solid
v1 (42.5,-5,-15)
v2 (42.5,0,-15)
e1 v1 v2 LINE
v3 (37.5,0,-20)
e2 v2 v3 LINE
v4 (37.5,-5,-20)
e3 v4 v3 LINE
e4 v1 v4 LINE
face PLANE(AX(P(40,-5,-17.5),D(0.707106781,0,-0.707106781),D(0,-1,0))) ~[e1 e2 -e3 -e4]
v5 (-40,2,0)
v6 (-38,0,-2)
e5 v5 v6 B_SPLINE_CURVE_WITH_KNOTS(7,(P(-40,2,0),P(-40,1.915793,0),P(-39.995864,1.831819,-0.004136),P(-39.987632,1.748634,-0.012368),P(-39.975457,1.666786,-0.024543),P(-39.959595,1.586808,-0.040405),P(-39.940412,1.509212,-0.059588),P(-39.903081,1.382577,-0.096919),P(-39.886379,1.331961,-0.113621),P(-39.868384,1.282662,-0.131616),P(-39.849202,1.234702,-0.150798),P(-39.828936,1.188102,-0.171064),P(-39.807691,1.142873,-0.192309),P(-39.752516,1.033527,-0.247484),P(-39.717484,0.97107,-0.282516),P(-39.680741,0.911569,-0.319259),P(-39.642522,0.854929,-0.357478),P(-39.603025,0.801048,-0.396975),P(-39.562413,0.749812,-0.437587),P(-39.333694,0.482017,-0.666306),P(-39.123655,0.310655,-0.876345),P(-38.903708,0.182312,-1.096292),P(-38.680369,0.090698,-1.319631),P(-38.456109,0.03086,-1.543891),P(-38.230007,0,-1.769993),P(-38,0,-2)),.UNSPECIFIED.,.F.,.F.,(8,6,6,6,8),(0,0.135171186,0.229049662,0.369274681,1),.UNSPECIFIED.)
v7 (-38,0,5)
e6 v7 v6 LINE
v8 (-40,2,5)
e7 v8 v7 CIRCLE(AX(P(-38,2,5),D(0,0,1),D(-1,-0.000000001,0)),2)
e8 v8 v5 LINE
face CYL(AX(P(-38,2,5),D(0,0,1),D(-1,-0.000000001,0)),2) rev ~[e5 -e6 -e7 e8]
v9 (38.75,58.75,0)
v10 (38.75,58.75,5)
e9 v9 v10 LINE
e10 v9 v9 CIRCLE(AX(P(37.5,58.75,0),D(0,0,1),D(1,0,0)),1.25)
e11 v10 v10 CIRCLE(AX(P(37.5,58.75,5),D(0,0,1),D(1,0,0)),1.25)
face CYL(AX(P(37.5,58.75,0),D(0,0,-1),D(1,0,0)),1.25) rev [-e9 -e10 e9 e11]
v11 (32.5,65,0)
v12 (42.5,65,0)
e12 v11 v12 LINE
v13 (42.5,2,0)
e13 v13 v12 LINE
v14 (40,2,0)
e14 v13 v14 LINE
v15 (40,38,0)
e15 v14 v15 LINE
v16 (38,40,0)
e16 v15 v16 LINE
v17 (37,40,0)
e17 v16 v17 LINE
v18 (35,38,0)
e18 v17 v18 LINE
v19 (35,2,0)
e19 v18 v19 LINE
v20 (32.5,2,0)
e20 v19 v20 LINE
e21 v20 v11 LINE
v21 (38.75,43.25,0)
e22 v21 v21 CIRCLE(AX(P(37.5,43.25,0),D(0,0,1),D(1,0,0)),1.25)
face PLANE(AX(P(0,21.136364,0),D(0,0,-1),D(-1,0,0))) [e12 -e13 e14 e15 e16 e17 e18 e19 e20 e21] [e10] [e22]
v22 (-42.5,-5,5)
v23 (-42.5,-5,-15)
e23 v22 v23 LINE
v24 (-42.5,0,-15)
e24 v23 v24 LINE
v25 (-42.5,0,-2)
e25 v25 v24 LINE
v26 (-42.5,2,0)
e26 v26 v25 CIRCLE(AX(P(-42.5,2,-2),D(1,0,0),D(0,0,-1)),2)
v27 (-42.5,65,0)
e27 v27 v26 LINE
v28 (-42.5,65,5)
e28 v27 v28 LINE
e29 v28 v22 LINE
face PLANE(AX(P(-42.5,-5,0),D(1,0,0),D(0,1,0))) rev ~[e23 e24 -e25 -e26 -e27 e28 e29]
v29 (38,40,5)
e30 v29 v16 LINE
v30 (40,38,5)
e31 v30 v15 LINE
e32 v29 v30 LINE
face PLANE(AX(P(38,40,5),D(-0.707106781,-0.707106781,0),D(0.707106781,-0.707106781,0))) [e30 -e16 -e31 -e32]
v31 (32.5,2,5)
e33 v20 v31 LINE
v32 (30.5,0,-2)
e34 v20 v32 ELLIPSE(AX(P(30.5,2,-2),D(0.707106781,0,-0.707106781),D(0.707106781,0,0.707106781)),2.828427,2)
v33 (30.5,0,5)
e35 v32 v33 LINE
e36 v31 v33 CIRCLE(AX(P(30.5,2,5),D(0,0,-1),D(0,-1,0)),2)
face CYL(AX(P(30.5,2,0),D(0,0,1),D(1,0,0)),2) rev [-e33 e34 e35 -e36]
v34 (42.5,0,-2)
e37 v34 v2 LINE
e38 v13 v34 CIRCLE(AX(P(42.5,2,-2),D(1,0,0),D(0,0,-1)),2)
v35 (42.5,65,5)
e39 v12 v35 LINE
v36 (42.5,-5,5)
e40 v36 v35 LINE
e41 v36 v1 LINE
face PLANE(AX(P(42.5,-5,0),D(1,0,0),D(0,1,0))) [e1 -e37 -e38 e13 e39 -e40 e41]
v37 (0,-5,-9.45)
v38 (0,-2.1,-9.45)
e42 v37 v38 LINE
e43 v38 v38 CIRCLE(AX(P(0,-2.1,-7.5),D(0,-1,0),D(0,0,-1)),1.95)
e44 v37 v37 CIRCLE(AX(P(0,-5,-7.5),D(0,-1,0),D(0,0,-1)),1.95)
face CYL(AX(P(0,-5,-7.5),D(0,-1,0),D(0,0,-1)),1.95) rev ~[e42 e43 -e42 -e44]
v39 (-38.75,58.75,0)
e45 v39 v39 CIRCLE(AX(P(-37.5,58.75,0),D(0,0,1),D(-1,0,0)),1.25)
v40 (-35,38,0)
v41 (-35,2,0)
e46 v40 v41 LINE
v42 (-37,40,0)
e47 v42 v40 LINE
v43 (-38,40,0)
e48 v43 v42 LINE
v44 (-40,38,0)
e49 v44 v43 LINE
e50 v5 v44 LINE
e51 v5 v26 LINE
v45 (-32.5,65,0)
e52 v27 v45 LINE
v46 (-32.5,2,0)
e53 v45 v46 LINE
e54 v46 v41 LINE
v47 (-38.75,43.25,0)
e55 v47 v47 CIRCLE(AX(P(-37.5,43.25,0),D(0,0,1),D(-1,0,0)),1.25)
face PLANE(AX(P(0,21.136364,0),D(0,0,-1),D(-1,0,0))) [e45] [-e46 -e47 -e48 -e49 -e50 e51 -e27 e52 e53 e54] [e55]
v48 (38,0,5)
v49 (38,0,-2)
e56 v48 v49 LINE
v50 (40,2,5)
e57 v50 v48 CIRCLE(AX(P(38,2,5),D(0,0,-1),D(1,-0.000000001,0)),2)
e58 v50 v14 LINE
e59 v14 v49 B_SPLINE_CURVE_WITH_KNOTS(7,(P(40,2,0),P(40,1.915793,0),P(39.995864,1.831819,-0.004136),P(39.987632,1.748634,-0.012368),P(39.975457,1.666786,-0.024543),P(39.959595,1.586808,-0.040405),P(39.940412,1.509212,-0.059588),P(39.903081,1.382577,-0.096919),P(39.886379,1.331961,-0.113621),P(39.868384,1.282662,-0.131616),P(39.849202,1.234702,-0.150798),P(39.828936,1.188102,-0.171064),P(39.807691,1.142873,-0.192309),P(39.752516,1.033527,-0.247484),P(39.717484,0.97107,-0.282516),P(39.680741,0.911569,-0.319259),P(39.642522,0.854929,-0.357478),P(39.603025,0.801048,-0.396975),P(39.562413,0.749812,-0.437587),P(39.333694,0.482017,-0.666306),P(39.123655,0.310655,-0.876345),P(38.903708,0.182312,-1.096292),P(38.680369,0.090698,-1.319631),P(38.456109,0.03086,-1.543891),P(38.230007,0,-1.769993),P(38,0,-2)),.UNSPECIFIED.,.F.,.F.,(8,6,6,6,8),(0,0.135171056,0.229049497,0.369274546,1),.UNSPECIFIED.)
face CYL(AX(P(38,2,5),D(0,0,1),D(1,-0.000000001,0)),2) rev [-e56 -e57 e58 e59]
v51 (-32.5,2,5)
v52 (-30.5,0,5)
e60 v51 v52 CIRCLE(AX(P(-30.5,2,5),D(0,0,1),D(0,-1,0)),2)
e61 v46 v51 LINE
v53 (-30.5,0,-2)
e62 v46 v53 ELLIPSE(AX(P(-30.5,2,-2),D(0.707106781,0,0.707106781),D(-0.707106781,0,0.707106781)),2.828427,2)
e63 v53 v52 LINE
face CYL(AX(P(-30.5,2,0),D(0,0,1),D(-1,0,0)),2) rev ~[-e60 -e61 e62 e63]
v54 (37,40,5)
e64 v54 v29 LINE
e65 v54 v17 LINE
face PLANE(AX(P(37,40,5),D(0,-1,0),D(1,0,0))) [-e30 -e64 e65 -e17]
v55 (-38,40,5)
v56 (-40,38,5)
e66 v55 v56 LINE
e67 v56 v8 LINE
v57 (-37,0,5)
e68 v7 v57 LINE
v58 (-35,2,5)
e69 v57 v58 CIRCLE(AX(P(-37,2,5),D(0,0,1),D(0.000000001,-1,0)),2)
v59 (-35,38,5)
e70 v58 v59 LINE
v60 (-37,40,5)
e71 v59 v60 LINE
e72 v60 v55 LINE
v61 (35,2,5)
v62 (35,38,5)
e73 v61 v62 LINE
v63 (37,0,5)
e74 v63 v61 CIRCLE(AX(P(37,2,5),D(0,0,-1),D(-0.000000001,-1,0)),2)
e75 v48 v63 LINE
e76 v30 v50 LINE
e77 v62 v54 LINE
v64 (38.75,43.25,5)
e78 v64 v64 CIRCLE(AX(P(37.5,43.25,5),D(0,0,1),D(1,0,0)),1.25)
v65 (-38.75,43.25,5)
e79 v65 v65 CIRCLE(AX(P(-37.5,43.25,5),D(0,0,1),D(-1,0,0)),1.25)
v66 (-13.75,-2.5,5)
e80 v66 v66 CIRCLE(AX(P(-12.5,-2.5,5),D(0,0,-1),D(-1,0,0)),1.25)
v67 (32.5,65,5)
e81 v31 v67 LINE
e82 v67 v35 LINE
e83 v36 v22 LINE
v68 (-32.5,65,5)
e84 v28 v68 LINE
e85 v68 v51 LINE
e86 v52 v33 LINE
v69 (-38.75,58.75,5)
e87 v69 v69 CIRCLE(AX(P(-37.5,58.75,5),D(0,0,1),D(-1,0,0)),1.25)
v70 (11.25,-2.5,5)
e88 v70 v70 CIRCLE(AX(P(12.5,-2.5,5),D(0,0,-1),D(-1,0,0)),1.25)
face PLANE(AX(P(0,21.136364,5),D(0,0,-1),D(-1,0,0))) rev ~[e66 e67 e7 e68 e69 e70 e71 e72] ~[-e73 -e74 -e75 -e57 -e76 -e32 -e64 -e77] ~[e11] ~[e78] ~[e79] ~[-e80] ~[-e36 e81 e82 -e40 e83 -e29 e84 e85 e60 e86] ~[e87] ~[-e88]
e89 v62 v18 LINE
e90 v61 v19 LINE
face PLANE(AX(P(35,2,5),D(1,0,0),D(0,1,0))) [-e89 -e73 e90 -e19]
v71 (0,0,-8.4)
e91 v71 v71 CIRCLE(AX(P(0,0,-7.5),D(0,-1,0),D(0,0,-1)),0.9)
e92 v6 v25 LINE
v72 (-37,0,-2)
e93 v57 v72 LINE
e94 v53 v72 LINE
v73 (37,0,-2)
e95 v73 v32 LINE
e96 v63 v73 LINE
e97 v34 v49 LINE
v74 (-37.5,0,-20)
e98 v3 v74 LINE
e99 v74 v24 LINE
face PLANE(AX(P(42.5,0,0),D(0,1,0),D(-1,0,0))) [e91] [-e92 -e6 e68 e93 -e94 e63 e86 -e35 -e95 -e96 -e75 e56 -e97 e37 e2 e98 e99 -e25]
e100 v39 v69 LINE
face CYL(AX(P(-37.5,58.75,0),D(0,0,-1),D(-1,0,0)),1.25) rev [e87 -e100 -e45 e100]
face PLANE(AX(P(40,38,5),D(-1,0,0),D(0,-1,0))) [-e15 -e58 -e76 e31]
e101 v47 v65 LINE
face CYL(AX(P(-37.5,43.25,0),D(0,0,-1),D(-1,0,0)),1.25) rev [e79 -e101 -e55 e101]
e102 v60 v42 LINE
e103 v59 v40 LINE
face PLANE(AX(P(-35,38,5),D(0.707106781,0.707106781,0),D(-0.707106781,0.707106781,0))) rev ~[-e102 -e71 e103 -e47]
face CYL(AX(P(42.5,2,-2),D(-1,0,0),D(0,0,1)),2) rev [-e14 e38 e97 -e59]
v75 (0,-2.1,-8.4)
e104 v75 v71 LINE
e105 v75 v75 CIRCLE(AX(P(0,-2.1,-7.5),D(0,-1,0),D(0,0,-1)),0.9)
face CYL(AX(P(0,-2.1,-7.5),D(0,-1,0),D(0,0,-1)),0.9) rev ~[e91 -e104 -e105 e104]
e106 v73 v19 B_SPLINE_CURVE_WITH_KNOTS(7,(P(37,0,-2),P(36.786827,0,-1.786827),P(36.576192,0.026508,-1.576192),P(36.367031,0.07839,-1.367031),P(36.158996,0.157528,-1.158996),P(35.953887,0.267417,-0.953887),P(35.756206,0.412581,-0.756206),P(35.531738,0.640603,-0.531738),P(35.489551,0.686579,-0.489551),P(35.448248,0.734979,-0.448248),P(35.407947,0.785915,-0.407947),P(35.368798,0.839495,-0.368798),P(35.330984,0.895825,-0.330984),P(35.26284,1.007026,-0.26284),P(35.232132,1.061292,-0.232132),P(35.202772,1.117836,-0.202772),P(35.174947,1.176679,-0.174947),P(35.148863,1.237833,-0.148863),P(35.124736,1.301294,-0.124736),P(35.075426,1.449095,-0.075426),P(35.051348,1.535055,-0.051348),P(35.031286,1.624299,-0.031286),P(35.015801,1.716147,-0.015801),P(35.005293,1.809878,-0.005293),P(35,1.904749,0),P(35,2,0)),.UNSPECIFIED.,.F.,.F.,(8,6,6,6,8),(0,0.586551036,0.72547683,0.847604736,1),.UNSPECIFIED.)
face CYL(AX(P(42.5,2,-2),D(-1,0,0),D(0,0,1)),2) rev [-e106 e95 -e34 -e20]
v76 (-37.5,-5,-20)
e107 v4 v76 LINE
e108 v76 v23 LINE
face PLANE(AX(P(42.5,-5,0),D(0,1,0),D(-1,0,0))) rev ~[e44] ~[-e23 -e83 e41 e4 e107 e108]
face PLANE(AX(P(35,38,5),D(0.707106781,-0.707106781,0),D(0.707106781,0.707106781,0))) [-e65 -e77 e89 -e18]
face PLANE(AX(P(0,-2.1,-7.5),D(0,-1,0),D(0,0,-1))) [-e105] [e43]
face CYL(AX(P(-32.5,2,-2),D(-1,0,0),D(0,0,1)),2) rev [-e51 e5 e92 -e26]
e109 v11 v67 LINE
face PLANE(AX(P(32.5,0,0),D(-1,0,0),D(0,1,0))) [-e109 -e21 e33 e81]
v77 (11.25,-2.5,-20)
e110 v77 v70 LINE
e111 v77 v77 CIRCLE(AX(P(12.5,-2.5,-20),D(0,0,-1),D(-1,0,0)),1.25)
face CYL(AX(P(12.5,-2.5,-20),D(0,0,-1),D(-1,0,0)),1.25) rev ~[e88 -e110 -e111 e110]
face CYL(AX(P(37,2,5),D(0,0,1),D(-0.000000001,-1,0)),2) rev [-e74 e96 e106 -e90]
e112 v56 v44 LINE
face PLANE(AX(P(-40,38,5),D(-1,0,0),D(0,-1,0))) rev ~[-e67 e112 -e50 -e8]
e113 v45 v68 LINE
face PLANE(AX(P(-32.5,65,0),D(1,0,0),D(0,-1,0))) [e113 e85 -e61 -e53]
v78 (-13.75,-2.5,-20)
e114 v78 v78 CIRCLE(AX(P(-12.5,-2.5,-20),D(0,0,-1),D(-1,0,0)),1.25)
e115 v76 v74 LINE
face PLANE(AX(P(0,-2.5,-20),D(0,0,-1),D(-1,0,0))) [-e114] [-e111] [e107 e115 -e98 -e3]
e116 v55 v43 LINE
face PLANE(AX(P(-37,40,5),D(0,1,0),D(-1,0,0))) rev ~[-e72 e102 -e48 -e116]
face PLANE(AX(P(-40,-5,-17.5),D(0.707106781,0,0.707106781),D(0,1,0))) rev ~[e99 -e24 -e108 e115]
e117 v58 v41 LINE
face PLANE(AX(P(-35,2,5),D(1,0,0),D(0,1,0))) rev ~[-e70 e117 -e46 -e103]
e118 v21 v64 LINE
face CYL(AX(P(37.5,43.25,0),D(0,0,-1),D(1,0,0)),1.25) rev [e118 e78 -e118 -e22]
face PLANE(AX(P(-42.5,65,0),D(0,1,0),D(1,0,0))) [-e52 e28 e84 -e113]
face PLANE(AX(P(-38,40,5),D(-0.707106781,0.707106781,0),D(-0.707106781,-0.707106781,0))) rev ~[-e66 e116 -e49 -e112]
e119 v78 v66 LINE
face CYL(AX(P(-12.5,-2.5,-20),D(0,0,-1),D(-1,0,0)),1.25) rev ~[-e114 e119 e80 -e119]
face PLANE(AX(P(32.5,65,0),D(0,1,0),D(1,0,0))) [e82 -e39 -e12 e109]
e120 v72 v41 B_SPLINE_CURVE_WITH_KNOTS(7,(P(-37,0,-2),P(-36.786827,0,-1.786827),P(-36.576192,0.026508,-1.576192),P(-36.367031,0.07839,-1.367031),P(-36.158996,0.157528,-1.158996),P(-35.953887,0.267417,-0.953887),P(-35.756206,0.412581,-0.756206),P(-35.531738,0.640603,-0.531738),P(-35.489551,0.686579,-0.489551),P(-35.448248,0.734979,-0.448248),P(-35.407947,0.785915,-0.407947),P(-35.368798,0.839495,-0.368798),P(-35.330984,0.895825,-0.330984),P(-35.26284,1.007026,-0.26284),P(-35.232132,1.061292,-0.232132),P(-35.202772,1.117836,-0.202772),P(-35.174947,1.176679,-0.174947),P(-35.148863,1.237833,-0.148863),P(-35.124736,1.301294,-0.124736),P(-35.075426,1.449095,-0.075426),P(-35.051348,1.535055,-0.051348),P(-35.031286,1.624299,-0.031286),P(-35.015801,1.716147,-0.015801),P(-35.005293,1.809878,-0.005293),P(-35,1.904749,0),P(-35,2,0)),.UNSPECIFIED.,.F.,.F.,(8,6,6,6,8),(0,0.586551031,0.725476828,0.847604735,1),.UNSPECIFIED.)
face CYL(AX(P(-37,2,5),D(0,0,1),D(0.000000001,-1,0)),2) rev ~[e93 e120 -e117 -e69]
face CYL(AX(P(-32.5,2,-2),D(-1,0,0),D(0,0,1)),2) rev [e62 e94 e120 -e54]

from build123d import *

# Parameters (mm, degrees)
SKETCH1_R           = 1.25
BOSS_EXTRUDE1_DEPTH = 5
SKETCH2_W           = 85
SKETCH2_H           = 5
BOSS_EXTRUDE2_DEPTH = 20
FILLET1_R           = 2
CUT_EXTRUDE1_DEPTH  = 25
SKETCH9_R           = 1.25
CUT_EXTRUDE2_DEPTH  = 58
SKETCH10_R          = 1.95
CUT_EXTRUDE3_DEPTH  = 2.9
SKETCH11_R          = 0.9
CUT_EXTRUDE4_DEPTH  = 6.9
CHAMFER1_SIZE       = 5


with BuildPart() as part:
    # Sketch1 → Boss-Extrude1 (new body)
    with BuildSketch(Plane.XY):
        Polygon((-32.5, 0), (32.5, 0), (32.5, 65), (42.5, 65), (42.5, 0), (42.5, -5), (-42.5, -5), (-42.5, 0), (-42.5, 65), (-32.5, 65), align=None)
        with Locations((37.5, 58.75)):
            Circle(SKETCH1_R, mode=Mode.SUBTRACT)
        with Locations((37.5, 43.25)):
            Circle(SKETCH1_R, mode=Mode.SUBTRACT)
        with Locations(Location((-37.5, 58.75, 0), (0, 0, 180))):
            Circle(SKETCH1_R, mode=Mode.SUBTRACT)
        with Locations(Location((-37.5, 43.25, 0), (0, 0, 180))):
            Circle(SKETCH1_R, mode=Mode.SUBTRACT)
    extrude(amount=BOSS_EXTRUDE1_DEPTH)

    # Sketch2 → Boss-Extrude2 (add)
    with BuildSketch(Plane(origin=(0, 0, 0), x_dir=(-1, 0, 0), z_dir=(0, 0, -1))):
        with Locations((0, -2.5)):
            Rectangle(SKETCH2_W, SKETCH2_H)
    extrude(amount=BOSS_EXTRUDE2_DEPTH)

    # Fillet1
    fillet1_edges = [part.edges().sort_by_distance(p)[0] for p in [
        (-37.5, 0, 0),
        (-32.5, 0, 2.5),
        (32.5, 0, 2.5),
        (37.5, 0, 0),
    ]]
    fillet(fillet1_edges, radius=FILLET1_R)

    # Sketch8 → Cut-Extrude1 (cut)
    with BuildSketch(Plane.XY.offset(5)):
        with BuildLine():
            Line((-38, 0), (-37, 0))
            ThreePointArc((-37, 0), (-35.585786438, 0.585786438), (-35, 2))
            Line((-35, 2), (-35, 38))
            Line((-35, 38), (-37, 40))
            Line((-37, 40), (-38, 40))
            Line((-38, 40), (-40, 38))
            Line((-40, 38), (-40, 2))
            ThreePointArc((-40, 2), (-39.414213562, 0.585786438), (-38, 0))
        make_face()
        with BuildLine():
            Line((38, 0), (37, 0))
            ThreePointArc((37, 0), (35.585786438, 0.585786438), (35, 2))
            Line((35, 2), (35, 38))
            Line((35, 38), (37, 40))
            Line((37, 40), (38, 40))
            Line((38, 40), (40, 38))
            Line((40, 38), (40, 2))
            ThreePointArc((40, 2), (39.414213562, 0.585786438), (38, 0))
        make_face()
    extrude(amount=-CUT_EXTRUDE1_DEPTH, mode=Mode.SUBTRACT)

    # Sketch9 → Cut-Extrude2 (cut)
    with BuildSketch(Plane(origin=(0, 0, -20), x_dir=(-1, 0, 0), z_dir=(0, 0, -1))):
        with Locations((12.5, -2.5)):
            Circle(SKETCH9_R)
        with Locations((-12.5, -2.5)):
            Circle(SKETCH9_R)
    extrude(amount=-CUT_EXTRUDE2_DEPTH, mode=Mode.SUBTRACT)

    # Sketch10 → Cut-Extrude3 (cut)
    with BuildSketch(Plane.XZ.offset(5)):
        with Locations(Location((0, -7.5, 0), (0, 0, 270))):
            Circle(SKETCH10_R)
    extrude(amount=-CUT_EXTRUDE3_DEPTH, mode=Mode.SUBTRACT)

    # Sketch11 → Cut-Extrude4 (cut)
    with BuildSketch(Plane.XZ.offset(2.1)):
        with Locations(Location((0, -7.5, 0), (0, 0, 270))):
            Circle(SKETCH11_R)
    extrude(amount=-CUT_EXTRUDE4_DEPTH, mode=Mode.SUBTRACT)

    # Chamfer1
    chamfer1_edges = [part.edges().sort_by_distance(p)[0] for p in [
        (-42.5, -2.5, -20),
        (42.5, -2.5, -20),
    ]]
    chamfer(chamfer1_edges, length=CHAMFER1_SIZE)


solid = part.part
